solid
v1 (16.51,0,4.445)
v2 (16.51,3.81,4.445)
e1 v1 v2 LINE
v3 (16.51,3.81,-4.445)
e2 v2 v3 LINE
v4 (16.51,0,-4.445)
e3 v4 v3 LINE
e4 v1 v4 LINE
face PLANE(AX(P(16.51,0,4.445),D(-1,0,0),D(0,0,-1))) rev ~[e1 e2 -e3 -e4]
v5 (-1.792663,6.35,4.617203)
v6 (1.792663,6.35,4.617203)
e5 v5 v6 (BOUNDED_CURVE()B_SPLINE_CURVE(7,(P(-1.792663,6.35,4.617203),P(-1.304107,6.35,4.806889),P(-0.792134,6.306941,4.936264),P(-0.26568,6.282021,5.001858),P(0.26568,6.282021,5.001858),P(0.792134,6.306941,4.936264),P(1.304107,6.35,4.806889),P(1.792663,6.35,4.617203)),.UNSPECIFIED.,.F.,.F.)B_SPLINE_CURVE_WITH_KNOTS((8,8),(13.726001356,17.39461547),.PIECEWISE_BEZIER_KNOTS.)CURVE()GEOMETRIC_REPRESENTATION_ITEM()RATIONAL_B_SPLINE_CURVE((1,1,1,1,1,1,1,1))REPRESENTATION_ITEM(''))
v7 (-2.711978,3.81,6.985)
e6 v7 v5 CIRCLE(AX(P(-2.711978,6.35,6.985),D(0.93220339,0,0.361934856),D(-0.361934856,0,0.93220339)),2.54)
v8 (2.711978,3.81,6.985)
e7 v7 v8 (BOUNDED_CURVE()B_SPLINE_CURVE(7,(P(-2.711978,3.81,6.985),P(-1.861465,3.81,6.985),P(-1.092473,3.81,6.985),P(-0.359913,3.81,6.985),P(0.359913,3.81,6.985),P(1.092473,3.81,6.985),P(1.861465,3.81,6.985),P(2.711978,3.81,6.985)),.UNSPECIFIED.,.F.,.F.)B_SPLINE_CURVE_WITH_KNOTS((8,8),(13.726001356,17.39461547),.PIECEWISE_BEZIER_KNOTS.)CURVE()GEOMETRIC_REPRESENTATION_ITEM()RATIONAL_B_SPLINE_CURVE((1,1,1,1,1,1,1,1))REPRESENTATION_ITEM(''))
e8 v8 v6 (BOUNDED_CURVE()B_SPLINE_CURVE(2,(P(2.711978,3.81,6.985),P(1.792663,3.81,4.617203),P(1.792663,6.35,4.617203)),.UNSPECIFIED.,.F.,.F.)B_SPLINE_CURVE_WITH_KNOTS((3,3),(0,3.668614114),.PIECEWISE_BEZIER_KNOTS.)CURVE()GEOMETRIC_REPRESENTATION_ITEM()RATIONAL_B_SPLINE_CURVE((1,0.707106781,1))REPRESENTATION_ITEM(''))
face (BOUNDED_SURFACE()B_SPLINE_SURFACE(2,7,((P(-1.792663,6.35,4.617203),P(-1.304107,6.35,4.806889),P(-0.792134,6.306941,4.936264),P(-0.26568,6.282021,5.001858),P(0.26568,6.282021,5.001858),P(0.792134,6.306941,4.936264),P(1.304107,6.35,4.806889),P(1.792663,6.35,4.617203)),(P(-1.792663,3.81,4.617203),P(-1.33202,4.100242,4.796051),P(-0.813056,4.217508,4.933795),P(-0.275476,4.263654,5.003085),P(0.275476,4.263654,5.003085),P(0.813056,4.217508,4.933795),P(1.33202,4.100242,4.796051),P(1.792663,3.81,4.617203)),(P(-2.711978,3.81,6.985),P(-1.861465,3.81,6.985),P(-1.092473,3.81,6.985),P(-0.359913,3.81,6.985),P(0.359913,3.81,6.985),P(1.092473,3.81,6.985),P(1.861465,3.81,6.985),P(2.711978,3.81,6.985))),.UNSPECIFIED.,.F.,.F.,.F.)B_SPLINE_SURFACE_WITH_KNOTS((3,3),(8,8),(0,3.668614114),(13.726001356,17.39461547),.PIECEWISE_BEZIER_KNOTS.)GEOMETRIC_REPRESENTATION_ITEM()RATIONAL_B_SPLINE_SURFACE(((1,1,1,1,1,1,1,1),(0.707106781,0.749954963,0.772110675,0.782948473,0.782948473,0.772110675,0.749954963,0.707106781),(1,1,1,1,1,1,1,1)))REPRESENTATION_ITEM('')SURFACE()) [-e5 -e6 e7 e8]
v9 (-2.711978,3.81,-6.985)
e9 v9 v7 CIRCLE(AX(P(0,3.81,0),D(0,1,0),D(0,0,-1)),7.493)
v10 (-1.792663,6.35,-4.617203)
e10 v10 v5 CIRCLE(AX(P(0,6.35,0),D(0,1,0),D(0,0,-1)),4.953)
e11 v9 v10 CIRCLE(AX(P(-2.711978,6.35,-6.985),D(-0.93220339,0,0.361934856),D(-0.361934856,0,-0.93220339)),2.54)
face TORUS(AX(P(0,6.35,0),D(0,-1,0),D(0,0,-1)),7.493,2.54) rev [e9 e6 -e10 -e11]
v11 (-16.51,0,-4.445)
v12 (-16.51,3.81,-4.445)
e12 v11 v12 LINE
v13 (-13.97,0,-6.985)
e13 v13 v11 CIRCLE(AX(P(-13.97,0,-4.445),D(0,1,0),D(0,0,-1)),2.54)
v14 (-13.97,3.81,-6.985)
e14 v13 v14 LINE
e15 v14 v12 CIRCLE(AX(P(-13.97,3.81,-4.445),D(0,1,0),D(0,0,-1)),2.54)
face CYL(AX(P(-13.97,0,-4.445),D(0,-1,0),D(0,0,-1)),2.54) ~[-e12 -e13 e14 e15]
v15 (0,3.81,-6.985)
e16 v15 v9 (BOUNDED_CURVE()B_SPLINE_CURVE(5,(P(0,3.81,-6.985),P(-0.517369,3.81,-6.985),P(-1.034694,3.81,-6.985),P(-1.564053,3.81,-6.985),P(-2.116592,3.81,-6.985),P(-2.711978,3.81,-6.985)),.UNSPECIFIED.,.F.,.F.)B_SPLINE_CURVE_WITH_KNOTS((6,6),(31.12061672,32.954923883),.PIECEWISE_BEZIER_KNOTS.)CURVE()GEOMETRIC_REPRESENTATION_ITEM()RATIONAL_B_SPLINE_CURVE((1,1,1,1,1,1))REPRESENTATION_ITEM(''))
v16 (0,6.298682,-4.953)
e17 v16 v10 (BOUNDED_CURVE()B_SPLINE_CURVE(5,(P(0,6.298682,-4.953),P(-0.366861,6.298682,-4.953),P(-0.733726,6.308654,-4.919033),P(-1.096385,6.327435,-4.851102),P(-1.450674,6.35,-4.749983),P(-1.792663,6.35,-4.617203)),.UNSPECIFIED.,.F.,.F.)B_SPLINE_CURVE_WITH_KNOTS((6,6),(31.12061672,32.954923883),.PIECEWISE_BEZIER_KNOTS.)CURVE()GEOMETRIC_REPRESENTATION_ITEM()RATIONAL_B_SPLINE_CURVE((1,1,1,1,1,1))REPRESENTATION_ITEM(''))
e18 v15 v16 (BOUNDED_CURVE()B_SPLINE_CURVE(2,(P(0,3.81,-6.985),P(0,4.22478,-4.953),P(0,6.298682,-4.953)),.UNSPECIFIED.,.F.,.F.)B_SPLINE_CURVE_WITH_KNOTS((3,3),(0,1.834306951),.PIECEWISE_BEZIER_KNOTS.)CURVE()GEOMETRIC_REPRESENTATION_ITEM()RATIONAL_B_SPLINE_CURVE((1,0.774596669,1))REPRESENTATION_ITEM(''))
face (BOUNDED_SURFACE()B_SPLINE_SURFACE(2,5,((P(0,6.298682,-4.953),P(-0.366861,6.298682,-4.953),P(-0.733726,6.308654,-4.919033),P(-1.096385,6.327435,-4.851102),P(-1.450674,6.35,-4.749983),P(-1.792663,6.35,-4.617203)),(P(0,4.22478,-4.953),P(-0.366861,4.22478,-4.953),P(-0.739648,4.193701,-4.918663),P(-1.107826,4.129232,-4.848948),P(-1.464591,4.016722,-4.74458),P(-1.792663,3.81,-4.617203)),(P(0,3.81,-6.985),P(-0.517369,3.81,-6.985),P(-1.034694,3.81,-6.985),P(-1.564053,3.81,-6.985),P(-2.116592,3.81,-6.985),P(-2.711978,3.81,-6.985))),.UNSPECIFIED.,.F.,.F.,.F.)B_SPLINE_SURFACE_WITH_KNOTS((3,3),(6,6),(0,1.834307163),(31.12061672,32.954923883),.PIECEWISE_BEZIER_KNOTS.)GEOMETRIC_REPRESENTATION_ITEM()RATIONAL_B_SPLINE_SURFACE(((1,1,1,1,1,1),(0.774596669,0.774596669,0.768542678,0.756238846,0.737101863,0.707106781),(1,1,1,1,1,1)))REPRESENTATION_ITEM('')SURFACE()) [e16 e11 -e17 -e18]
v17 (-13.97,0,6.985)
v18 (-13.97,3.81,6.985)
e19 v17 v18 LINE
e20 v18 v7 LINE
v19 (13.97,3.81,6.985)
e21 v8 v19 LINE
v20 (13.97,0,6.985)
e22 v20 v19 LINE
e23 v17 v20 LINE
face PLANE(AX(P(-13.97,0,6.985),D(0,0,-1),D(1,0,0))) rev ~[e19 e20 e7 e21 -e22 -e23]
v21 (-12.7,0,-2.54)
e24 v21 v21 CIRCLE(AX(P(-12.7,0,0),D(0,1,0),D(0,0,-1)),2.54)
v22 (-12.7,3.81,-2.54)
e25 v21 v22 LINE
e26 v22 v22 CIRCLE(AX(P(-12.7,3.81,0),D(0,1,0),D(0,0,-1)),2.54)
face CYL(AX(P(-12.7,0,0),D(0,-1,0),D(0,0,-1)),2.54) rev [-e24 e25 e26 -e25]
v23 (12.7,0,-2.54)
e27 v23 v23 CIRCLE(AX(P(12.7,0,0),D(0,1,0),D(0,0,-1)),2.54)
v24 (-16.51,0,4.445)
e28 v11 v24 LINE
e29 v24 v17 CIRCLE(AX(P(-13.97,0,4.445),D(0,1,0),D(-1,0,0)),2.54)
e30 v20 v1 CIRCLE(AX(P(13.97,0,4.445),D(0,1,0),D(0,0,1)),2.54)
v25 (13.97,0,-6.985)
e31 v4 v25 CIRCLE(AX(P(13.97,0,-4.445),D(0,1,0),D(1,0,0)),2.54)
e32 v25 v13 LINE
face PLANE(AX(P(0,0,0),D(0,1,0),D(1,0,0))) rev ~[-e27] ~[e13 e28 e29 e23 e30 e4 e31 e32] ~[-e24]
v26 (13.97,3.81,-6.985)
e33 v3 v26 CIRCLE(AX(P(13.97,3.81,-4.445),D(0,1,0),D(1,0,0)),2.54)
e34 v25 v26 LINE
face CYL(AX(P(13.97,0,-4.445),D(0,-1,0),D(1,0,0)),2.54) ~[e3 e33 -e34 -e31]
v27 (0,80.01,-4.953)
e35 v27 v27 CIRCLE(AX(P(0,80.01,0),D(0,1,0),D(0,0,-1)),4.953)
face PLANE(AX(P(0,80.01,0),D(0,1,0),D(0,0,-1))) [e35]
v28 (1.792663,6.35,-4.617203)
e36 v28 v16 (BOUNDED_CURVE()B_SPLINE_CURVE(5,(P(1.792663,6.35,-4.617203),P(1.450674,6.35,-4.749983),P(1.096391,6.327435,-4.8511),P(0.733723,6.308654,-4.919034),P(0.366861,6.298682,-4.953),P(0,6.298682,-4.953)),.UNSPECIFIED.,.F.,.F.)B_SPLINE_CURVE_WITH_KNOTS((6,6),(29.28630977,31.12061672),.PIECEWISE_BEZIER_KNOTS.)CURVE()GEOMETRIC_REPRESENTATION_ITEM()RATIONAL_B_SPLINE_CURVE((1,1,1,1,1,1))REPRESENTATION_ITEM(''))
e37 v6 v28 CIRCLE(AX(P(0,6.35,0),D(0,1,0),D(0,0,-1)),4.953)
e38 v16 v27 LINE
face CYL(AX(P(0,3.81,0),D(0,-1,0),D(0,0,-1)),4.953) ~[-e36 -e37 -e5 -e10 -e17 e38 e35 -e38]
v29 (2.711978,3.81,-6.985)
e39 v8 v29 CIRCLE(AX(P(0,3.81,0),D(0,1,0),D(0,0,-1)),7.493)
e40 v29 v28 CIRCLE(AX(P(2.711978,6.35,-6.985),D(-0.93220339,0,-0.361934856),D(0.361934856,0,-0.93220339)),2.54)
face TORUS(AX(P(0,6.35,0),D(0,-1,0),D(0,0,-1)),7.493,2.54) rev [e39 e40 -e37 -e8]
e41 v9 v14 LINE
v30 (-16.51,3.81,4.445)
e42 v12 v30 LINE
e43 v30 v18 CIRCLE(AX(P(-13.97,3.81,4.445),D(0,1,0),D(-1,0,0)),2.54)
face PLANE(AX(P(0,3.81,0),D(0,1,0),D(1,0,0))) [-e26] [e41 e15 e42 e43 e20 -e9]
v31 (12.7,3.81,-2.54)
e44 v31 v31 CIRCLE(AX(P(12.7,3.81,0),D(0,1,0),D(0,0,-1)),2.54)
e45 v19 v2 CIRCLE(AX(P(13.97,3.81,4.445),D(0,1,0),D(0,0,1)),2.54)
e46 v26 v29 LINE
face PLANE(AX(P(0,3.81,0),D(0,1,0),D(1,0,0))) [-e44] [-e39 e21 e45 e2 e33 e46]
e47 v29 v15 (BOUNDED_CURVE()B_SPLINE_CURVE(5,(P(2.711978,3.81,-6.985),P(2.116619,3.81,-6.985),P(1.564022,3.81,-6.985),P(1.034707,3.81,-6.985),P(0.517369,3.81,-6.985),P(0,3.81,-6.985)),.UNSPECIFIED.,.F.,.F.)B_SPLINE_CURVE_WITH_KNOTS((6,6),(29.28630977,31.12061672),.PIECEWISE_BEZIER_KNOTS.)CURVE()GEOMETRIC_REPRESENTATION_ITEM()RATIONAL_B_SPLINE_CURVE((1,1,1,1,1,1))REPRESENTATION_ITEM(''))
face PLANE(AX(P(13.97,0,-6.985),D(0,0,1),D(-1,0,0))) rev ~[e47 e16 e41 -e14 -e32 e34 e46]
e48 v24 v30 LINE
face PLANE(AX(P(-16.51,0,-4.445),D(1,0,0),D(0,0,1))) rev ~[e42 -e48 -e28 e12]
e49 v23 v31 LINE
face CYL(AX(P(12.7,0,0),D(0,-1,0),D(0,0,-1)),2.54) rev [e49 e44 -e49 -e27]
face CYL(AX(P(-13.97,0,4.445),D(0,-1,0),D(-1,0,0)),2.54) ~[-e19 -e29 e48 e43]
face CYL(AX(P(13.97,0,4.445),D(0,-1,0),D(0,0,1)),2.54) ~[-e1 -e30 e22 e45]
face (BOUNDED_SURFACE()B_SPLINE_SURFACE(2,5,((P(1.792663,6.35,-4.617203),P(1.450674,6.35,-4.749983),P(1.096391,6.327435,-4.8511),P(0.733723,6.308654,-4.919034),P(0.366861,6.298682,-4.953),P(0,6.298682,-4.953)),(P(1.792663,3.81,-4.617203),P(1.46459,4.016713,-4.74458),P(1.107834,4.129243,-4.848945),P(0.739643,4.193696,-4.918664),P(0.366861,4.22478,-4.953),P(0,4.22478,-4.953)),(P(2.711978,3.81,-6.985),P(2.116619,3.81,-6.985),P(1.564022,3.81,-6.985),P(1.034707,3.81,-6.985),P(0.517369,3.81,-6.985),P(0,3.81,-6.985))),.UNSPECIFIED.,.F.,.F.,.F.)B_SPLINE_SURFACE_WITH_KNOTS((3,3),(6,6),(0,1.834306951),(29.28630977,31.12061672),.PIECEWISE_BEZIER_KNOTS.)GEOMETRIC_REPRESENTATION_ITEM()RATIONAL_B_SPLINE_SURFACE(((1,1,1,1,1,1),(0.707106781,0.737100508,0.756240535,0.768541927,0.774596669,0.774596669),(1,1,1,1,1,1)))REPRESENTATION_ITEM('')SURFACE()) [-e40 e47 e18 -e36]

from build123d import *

# Parameters (mm, degrees)
SKETCH1_R           = 2.54
BOSS_EXTRUDE1_DEPTH = 3.81
SKETCH2_R           = 4.953
BOSS_EXTRUDE2_DEPTH = 76.2
FILLET1_R           = 2.54


with BuildPart() as part:
    # Sketch1 → Boss-Extrude1 (new body)
    with BuildSketch(Plane(origin=(0, 0, 0), x_dir=(1, 0, 0), z_dir=(0, 1, 0))):
        with BuildLine():
            Line((-13.97, -6.985), (13.97, -6.985))
            ThreePointArc((13.97, -6.985), (15.766051224, -6.241051224), (16.51, -4.445))
            Line((16.51, -4.445), (16.51, 4.445))
            ThreePointArc((16.51, 4.445), (15.766051224, 6.241051224), (13.97, 6.985))
            Line((13.97, 6.985), (-13.97, 6.985))
            ThreePointArc((-13.97, 6.985), (-15.766051224, 6.241051224), (-16.51, 4.445))
            Line((-16.51, 4.445), (-16.51, -4.445))
            ThreePointArc((-16.51, -4.445), (-15.766051224, -6.241051224), (-13.97, -6.985))
        make_face()
        with Locations(Location((-12.7, 0, 0), (0, 0, 90))):
            Circle(SKETCH1_R, mode=Mode.SUBTRACT)
        with Locations(Location((12.7, 0, 0), (0, 0, 90))):
            Circle(SKETCH1_R, mode=Mode.SUBTRACT)
    extrude(amount=BOSS_EXTRUDE1_DEPTH)

    # Sketch2 → Boss-Extrude2 (add)
    with BuildSketch(Plane(origin=(0, 3.81, 0), x_dir=(1, 0, 0), z_dir=(0, 1, 0))):
        with Locations(Location((0, 0, 0), (0, 0, 90))):
            Circle(SKETCH2_R)
    extrude(amount=BOSS_EXTRUDE2_DEPTH)

    # Fillet1
    fillet1_edges = [part.edges().sort_by_distance(p)[0] for p in [
        (0, 3.81, 4.953),
    ]]
    fillet(fillet1_edges, radius=FILLET1_R)


solid = part.part
